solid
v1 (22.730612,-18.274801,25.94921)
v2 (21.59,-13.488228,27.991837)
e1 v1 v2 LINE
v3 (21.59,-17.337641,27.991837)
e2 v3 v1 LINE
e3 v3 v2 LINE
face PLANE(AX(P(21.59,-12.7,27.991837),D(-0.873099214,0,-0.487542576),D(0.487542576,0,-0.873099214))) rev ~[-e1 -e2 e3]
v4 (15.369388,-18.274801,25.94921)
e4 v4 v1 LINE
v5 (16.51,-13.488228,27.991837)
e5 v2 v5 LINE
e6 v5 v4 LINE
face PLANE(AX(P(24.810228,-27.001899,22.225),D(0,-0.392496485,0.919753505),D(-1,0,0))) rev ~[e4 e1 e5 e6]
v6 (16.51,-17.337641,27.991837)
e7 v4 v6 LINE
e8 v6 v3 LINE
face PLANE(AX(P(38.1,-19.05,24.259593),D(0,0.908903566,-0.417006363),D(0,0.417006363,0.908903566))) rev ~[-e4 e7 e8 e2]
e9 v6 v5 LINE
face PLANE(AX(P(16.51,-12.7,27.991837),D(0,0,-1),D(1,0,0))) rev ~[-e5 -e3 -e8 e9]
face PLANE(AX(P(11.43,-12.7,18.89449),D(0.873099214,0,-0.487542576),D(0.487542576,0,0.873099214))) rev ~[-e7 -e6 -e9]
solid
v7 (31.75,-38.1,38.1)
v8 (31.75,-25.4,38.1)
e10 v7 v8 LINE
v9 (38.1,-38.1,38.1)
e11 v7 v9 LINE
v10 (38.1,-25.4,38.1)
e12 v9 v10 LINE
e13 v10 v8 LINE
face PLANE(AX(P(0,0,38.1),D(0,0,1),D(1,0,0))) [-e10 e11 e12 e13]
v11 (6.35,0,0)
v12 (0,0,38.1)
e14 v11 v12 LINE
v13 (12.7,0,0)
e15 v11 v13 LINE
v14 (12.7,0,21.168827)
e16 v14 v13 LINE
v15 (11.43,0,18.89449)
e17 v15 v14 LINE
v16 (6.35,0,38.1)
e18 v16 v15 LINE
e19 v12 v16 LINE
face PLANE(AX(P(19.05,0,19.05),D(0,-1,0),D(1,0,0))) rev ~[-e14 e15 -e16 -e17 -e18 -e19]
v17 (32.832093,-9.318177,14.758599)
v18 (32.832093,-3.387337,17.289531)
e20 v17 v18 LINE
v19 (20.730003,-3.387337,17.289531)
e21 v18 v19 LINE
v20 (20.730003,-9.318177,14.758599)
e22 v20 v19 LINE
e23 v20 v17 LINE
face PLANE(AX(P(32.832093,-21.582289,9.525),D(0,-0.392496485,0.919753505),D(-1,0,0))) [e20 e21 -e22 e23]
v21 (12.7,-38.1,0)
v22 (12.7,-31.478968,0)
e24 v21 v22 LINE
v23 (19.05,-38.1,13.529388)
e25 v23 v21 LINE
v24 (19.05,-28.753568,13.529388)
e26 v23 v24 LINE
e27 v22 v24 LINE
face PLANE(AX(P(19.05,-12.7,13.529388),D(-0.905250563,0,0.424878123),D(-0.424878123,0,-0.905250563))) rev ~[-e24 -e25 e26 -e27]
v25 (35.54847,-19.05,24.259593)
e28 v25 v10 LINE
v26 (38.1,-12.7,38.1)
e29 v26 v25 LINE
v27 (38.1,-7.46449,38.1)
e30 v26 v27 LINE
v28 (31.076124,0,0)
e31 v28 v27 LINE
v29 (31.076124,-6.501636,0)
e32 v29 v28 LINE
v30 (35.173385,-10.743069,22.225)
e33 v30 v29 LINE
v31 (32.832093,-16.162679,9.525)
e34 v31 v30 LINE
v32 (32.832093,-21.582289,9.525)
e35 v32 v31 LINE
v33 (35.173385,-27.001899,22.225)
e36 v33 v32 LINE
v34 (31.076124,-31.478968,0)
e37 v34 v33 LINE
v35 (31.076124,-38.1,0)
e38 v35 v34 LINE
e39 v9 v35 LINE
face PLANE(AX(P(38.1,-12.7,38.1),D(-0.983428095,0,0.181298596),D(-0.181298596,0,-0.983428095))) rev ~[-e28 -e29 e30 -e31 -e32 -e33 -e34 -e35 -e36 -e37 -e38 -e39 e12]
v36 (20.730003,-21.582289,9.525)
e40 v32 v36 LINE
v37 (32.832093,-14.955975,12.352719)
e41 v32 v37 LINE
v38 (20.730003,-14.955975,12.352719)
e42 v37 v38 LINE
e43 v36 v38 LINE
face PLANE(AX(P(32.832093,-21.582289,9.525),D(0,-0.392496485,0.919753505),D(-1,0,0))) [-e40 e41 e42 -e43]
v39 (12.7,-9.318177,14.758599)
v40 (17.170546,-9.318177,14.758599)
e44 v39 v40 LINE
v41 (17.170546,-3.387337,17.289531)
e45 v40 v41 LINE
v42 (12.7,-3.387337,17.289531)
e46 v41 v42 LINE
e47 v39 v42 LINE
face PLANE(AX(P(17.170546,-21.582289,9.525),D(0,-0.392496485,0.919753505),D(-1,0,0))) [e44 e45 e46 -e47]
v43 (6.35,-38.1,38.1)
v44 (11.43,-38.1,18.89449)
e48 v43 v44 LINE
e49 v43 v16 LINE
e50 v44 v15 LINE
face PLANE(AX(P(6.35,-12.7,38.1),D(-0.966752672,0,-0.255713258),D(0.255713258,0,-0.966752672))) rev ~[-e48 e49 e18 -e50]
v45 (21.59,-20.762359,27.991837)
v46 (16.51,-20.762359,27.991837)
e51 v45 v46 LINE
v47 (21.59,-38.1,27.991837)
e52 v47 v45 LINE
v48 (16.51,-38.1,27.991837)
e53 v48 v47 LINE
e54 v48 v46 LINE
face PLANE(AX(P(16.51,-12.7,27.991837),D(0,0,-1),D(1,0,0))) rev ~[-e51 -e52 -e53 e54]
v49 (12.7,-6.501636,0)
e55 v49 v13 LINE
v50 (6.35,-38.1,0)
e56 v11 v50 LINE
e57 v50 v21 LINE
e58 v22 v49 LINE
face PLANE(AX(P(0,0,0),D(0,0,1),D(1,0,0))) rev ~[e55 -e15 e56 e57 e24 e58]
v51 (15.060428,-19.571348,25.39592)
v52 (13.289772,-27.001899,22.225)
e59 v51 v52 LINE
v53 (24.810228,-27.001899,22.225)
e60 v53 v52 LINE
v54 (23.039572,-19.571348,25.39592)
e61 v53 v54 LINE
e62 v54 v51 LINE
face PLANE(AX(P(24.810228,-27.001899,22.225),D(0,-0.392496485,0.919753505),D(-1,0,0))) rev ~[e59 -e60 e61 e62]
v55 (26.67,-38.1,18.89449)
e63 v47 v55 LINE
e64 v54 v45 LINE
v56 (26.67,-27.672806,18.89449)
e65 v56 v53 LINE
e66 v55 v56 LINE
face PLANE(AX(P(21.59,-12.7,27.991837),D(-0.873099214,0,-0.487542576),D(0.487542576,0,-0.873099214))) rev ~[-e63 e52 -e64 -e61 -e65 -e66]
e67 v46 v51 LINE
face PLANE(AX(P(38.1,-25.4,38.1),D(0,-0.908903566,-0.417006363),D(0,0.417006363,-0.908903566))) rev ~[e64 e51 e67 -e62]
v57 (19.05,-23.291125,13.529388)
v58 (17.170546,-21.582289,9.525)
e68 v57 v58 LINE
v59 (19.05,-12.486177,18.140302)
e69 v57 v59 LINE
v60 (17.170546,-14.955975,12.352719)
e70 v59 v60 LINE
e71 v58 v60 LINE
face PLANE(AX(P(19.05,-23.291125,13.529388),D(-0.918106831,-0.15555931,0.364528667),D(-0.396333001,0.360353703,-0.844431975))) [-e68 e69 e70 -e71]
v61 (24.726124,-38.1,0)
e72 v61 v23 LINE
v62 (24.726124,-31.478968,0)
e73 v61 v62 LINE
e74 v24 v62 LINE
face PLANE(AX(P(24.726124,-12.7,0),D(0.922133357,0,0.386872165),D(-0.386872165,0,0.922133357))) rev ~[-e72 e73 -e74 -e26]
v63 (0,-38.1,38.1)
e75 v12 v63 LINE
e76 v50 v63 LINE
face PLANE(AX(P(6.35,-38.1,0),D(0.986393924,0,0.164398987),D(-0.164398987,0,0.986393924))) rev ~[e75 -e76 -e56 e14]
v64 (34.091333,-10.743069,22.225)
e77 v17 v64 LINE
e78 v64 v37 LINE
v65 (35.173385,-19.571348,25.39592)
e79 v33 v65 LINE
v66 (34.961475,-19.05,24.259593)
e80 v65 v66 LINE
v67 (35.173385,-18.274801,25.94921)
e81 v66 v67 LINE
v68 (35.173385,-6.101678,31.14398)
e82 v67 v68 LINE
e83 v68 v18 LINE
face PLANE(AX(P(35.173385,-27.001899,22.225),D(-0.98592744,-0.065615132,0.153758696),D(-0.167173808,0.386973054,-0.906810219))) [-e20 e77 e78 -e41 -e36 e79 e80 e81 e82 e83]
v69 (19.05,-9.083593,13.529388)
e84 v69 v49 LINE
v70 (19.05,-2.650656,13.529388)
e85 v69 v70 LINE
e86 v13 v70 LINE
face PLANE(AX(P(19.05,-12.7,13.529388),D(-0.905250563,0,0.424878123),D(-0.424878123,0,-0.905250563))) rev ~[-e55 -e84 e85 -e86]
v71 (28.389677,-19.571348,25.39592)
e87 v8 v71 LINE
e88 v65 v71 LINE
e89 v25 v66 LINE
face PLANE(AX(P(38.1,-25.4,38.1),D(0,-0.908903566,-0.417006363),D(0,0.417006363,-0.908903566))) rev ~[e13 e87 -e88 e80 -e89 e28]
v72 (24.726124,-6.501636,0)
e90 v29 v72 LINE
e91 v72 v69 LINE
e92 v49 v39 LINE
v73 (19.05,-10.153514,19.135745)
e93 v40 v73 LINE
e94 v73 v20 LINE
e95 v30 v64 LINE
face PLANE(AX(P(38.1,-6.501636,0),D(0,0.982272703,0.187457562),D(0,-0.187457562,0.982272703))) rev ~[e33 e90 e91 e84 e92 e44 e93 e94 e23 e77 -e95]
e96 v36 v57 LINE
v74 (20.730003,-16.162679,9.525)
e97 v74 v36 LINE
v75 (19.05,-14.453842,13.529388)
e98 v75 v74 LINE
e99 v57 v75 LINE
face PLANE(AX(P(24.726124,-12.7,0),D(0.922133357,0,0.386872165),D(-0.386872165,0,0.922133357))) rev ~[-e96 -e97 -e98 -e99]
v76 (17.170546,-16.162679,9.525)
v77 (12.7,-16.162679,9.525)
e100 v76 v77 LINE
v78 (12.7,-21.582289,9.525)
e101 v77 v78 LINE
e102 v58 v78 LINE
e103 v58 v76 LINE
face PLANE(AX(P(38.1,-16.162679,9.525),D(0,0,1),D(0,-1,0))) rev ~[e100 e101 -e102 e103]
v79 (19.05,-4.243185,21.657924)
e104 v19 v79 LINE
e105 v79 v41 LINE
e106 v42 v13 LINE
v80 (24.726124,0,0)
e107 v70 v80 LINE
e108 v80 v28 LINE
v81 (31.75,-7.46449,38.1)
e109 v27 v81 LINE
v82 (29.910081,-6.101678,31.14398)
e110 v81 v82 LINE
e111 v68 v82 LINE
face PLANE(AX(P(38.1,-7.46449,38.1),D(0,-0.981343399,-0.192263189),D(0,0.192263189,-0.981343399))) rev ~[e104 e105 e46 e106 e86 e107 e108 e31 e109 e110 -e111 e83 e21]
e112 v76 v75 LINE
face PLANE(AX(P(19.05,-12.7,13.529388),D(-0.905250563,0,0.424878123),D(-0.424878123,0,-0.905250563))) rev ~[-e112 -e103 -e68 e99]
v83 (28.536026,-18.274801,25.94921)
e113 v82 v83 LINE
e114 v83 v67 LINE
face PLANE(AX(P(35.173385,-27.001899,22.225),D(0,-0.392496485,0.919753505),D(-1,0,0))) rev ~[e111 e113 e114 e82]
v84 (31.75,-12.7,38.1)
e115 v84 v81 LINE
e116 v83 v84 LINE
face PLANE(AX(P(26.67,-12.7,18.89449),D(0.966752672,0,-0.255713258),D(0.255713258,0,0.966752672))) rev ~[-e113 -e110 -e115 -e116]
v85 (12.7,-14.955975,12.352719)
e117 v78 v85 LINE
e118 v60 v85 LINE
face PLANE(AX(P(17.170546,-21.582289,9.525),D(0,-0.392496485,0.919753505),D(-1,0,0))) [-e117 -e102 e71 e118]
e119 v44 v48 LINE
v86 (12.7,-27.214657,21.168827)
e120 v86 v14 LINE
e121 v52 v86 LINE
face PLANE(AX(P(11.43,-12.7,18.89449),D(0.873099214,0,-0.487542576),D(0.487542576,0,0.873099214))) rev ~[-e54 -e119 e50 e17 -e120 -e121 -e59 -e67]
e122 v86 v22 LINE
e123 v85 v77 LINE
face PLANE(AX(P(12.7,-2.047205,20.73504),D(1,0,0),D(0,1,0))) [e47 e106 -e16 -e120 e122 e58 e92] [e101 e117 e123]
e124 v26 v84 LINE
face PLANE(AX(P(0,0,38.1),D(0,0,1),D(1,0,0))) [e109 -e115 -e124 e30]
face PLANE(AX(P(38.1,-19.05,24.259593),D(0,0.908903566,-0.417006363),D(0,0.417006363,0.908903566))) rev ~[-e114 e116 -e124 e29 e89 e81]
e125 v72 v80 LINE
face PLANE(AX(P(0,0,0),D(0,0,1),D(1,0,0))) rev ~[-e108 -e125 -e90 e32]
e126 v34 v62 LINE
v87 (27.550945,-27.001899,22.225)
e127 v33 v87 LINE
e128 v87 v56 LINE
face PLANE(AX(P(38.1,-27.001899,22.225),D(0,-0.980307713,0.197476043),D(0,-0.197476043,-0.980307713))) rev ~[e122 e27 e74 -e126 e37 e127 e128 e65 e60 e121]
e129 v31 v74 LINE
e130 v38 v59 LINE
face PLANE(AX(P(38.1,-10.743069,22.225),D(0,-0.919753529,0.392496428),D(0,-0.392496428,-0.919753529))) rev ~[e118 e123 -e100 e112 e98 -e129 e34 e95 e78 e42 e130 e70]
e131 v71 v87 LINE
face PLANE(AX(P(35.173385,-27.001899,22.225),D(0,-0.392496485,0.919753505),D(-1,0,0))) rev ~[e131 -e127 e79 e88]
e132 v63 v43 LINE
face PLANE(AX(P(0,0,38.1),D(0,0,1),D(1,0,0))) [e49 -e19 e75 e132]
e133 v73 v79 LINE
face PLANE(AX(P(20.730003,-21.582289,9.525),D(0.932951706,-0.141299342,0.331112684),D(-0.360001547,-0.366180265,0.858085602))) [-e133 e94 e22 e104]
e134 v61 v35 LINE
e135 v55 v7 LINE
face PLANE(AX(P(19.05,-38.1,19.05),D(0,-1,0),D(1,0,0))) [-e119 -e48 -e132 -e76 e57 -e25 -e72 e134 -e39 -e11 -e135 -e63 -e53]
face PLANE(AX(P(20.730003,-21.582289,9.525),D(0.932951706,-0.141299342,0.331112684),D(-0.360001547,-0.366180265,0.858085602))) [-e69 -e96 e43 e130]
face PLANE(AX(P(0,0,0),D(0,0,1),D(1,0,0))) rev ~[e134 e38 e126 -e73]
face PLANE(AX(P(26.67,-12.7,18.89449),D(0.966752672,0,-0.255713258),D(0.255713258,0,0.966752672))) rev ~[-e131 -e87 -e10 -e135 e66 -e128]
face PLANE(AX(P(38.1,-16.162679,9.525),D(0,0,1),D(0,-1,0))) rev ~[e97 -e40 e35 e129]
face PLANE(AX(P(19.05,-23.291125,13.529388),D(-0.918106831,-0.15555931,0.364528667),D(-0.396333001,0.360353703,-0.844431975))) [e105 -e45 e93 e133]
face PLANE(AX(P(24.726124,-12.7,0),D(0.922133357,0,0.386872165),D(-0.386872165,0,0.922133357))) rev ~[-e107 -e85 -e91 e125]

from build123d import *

# Parameters (mm, degrees)
F0_W      = 38.1
F0_H      = 38.1
F1_DEPTH  = 38.1
F4_DEPTH  = 38.1
F7_DEPTH  = 25.4
F8_DEPTH  = 25.4
F11_DEPTH = 25.4
F12_W     = 24.5706126973
F12_H     = 7.62
F13_DEPTH = 25.4
F14_DEPTH = 25.4


with BuildPart() as f1:
    # F0 (on Front) → F1 (new body)
    with BuildSketch(Plane.XZ):
        with Locations((19.05, 19.05)):
            Rectangle(F0_W, F0_H)
    extrude(amount=F1_DEPTH)

    # F0 (on Front) → F4 (join)
    with BuildSketch(Plane.XZ):
        with Locations((19.05, 19.05)):
            Rectangle(F0_W, F0_H)
    extrude(amount=F4_DEPTH)

    # F6 (on face) → F7 (cut)
    with BuildSketch(Plane.XZ.offset(38.1)):
        Polygon((31.75, 38.1), (6.35, 38.1), (11.43, 18.8944898546), (16.51, 27.9918368906), (21.59, 27.9918368906), (26.67, 18.8944898546), align=None)
        Polygon((6.35, 0), (0, 38.1), (0, 0), align=None)
        Polygon((19.05, 13.529388234), (12.7, 0), (24.7261244804, 0), align=None)
        Polygon((38.1, 0), (38.1, 38.1), (31.0761244804, 0), align=None)
    extrude(amount=-F7_DEPTH, mode=Mode.SUBTRACT)

    # F8 (cut): faces of the model
    f8_faces = [f1.faces().sort_by_distance(p)[0] for p in [
        (2.1166666667, -12.7, 12.7),
        (19.05, -12.7, 31.3496059527),
        (18.8253748268, -12.7, 4.509796078),
        (35.7587081601, -12.7, 12.7),
    ]]
    extrude(f8_faces, amount=-F8_DEPTH, mode=Mode.SUBTRACT)

    # F10 (on offset) + F9 (on offset) → F11 (cut)
    with BuildSketch(Plane.YZ.offset(38.1)):
        Polygon((-27.0018987358, 22.225), (-31.4789675176, 0), (-6.5016360022, 0), (-10.7430694625, 22.225), (-16.1626785994, 9.525), (-21.5822886676, 9.525), align=None)
    with BuildSketch(Plane.YZ.offset(38.1)):
        Polygon((-19.05, 24.2595933378), (-12.7, 38.1), (-25.4, 38.1), align=None)
        Polygon((-7.464489516, 38.1), (0, 0), (0, 38.1), align=None)
    extrude(amount=-F11_DEPTH, mode=Mode.SUBTRACT)

    # F12 (on Top) → F13 (cut)
    with BuildSketch(Plane.XY):
        with Locations((25.8146936513, -26.67)):
            Rectangle(F12_W, F12_H)
    extrude(amount=-F13_DEPTH, mode=Mode.SUBTRACT)

    # F14 (cut): a face of the model
    f14_faces = [f1.faces().sort_by_distance(p)[0] for p in [
        (23.4427598086, -24.3604736917, 16.0352377039),
    ]]
    extrude(f14_faces, amount=-F14_DEPTH, mode=Mode.SUBTRACT)


solid = f1.part
